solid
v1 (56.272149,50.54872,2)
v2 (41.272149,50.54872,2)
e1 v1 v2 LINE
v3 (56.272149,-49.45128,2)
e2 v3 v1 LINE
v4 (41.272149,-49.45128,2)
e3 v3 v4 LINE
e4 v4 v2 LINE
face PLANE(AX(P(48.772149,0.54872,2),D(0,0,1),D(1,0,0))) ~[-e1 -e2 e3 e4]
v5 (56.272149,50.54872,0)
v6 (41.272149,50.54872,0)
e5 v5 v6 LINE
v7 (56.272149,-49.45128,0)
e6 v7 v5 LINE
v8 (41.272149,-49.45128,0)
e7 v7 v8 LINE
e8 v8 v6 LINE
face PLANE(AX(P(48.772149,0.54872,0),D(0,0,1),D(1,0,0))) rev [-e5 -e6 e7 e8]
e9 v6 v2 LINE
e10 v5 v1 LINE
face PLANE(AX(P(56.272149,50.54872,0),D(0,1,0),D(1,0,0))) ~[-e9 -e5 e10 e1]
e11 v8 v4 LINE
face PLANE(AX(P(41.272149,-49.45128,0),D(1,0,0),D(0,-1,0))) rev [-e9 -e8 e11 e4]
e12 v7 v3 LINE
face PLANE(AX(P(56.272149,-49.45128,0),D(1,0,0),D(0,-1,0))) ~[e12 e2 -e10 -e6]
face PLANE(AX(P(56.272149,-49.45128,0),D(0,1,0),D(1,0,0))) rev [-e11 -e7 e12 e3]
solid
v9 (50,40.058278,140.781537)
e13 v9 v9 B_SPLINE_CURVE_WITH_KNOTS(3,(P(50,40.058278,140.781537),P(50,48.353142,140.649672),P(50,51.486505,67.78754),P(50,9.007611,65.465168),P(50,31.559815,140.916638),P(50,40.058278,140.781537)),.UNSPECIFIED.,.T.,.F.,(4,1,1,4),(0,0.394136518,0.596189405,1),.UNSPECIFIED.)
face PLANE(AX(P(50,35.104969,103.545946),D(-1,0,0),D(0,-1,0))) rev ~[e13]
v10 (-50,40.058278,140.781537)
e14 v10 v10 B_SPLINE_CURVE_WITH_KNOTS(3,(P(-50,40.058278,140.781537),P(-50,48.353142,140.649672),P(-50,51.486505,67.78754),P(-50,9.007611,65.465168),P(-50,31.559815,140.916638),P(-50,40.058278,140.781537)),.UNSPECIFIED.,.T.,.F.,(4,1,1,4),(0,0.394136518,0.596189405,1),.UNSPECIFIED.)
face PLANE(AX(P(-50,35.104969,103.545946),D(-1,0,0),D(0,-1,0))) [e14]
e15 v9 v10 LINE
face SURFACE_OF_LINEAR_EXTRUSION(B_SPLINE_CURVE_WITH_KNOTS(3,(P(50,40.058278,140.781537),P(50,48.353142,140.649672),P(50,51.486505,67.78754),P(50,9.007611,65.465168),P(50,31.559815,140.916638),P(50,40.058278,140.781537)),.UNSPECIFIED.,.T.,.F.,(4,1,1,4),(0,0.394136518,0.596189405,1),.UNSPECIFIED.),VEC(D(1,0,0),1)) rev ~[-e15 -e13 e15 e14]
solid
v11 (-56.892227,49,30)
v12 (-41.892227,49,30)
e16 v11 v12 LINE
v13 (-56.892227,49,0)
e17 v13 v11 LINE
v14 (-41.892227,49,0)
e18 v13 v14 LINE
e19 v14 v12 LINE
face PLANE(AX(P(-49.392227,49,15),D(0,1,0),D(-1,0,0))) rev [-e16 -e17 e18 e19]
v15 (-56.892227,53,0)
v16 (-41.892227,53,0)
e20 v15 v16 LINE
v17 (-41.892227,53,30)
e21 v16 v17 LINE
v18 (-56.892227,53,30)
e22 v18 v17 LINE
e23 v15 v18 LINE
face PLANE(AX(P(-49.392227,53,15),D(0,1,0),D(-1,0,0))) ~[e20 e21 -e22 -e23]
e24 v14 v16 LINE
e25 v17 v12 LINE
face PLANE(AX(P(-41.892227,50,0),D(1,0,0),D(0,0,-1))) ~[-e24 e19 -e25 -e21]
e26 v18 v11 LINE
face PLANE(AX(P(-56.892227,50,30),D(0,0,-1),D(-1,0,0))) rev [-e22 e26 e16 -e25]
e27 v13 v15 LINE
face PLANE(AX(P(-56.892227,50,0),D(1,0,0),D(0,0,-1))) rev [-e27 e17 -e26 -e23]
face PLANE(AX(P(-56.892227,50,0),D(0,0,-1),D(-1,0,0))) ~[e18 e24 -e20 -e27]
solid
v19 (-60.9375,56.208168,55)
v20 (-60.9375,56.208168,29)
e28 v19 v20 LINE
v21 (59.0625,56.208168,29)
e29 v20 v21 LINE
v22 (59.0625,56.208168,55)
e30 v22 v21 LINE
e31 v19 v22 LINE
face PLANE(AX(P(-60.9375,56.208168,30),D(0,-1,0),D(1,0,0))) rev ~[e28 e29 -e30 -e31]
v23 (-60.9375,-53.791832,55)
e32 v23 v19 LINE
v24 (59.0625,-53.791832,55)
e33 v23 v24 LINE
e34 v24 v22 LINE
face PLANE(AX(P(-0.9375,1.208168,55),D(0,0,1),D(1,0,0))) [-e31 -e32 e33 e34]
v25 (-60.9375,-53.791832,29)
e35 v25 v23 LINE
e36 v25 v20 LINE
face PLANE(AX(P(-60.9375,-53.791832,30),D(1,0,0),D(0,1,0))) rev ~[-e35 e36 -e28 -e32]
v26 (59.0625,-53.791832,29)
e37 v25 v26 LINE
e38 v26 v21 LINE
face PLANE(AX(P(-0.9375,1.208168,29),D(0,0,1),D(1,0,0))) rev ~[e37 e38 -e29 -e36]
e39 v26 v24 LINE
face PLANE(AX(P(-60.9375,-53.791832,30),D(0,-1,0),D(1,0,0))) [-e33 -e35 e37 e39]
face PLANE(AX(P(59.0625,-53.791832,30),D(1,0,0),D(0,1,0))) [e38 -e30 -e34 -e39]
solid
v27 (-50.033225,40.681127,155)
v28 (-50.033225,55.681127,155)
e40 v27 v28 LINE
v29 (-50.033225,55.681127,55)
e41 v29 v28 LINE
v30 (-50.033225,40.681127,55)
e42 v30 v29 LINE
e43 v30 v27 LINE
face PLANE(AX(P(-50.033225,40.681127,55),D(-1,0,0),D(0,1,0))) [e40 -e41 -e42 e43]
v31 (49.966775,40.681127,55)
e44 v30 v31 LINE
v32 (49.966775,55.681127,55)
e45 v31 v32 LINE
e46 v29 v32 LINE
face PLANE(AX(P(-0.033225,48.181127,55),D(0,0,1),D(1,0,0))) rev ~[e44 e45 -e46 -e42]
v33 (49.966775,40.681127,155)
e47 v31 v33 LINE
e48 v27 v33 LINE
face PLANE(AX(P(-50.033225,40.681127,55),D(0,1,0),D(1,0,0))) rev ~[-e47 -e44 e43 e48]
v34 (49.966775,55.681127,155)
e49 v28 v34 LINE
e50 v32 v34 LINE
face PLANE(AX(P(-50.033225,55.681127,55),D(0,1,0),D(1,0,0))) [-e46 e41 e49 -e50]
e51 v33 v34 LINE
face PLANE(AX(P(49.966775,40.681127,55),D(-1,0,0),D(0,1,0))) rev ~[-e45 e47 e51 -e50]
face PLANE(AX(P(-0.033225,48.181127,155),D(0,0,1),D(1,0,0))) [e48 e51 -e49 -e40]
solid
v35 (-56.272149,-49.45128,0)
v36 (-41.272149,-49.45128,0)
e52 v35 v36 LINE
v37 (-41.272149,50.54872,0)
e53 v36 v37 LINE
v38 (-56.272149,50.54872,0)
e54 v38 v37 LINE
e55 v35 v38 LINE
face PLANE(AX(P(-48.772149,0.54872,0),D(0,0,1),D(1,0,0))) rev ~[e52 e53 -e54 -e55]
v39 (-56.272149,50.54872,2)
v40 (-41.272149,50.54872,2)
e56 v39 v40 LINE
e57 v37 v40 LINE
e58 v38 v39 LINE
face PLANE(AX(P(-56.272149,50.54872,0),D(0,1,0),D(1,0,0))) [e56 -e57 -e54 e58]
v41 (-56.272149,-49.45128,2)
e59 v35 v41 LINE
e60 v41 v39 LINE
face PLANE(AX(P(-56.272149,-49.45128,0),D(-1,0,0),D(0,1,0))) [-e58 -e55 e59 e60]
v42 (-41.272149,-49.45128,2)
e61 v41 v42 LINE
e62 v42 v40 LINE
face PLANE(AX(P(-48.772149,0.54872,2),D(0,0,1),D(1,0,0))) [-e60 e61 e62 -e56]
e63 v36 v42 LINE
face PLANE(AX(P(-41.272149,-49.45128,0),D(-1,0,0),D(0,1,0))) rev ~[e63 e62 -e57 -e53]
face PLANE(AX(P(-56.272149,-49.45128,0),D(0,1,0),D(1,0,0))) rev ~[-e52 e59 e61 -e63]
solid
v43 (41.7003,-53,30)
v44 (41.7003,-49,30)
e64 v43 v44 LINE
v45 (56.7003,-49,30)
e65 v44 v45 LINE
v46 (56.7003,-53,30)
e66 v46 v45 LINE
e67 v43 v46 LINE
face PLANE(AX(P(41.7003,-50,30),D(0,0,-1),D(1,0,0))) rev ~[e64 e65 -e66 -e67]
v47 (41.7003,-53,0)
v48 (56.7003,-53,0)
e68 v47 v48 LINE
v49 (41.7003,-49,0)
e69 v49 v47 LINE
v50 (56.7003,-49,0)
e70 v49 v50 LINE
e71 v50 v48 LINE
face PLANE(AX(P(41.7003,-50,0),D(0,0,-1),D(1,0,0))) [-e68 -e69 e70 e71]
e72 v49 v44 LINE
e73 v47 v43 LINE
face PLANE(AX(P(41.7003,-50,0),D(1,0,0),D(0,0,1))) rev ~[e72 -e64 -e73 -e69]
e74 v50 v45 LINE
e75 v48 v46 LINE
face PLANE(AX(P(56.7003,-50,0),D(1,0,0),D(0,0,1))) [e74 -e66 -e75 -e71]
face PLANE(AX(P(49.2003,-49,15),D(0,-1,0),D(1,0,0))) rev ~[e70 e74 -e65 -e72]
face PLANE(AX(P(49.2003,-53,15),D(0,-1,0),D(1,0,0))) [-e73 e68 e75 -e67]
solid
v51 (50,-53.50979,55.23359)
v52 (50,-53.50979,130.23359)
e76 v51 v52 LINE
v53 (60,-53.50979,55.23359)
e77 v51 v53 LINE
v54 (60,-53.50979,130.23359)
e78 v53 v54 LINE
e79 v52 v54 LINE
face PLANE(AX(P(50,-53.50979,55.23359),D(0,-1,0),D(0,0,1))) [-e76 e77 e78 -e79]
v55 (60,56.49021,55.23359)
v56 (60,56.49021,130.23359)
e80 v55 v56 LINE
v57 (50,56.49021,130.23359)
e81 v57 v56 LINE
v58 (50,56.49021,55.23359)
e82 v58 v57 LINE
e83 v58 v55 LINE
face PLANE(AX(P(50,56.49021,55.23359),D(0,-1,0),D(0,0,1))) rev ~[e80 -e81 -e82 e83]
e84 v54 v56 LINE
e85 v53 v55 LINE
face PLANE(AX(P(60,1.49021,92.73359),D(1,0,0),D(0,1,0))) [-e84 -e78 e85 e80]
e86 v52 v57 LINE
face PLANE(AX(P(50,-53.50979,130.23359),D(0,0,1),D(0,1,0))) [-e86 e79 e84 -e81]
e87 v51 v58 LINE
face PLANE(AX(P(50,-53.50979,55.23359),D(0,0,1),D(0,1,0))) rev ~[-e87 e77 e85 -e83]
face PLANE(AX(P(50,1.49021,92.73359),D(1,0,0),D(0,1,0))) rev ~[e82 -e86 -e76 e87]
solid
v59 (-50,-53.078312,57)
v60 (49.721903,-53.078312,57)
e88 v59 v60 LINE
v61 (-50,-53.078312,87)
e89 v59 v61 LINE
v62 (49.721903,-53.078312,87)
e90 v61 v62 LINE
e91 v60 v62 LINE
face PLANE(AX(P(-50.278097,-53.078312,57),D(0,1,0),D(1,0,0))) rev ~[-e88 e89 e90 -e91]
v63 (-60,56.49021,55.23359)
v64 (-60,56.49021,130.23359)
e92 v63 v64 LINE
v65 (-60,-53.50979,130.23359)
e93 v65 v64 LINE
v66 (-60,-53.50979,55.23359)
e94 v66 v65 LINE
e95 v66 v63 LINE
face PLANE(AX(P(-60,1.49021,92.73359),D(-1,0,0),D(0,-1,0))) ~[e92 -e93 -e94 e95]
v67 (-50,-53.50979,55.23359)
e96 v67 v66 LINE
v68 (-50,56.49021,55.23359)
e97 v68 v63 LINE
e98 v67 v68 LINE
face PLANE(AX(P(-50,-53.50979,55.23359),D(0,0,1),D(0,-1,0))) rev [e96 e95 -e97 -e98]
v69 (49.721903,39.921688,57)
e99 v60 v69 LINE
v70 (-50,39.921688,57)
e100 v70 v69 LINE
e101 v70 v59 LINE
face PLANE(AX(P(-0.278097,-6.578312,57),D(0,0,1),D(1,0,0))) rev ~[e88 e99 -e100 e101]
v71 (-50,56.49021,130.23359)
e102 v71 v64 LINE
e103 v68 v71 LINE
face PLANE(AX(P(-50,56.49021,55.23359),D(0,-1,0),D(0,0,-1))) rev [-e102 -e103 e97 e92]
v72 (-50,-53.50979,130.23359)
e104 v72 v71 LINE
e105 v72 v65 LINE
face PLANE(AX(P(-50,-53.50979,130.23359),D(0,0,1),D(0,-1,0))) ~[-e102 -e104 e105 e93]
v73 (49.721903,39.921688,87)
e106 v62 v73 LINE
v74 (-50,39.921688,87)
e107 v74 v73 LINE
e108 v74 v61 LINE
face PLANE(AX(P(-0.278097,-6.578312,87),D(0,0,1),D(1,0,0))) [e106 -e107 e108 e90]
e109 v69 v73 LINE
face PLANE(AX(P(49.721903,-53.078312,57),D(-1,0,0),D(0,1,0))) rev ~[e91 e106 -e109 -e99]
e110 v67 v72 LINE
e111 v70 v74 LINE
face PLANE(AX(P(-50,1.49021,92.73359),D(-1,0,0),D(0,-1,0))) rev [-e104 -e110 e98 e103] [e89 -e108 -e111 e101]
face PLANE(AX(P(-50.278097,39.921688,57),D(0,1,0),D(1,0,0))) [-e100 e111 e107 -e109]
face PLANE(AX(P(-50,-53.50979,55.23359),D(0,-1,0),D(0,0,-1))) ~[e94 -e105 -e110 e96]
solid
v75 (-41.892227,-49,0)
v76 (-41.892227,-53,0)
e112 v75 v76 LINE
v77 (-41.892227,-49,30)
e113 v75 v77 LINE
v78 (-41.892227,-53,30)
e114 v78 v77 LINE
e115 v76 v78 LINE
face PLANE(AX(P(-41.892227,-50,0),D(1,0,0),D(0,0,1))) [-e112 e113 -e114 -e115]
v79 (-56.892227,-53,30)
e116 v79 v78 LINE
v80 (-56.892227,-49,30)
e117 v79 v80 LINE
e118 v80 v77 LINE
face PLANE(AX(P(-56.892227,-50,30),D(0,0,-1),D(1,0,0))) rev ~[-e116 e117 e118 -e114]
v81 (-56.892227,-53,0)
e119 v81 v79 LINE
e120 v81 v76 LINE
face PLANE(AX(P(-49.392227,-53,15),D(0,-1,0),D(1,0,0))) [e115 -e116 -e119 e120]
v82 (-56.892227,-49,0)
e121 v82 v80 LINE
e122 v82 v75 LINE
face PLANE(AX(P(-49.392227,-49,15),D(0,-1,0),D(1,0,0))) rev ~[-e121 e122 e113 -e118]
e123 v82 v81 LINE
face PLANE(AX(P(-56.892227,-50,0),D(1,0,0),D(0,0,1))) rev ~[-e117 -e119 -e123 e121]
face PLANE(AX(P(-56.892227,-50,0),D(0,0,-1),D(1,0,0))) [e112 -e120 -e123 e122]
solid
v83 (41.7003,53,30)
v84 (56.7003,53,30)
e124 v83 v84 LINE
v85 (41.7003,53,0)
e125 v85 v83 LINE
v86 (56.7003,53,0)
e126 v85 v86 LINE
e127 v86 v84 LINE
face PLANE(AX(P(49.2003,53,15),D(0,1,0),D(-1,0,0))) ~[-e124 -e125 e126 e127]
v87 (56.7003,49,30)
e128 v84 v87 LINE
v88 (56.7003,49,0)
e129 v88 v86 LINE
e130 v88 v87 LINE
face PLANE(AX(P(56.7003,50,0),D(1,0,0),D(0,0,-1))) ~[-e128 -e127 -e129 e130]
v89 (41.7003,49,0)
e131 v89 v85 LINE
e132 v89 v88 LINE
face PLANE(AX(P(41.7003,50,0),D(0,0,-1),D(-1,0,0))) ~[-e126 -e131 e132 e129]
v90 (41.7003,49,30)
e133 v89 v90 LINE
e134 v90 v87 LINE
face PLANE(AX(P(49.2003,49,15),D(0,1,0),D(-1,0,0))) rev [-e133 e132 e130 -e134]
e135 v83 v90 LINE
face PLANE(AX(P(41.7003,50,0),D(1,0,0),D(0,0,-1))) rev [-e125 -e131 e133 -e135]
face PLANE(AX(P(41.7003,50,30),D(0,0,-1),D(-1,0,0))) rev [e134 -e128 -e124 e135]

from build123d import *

# Parameters (mm, degrees)
F0_W          = 15
F0_H          = 100
F1_DEPTH      = 2
F4_W          = 15
F4_H          = 30
F5_DEPTH      = 3
F5_DEPTH_BACK = 1
F8_W          = 120
F8_H          = 110
F9_DEPTH      = 25
F9_DEPTH_BACK = 1
F11_W         = 110
F11_H         = 75
F12_DEPTH     = 10
F15_W         = 100
F15_H         = 15
F16_DEPTH     = 100
F18_W         = 100
F18_H         = 93
F19_DEPTH     = 30
F21_DEPTH     = 100


with BuildPart() as f1:
    # F0 (on Top) → F1 (new body)
    with BuildSketch(Plane.XY):
        with Locations((-48.772149086, 0.5487196147)):
            Rectangle(F0_W, F0_H)
    extrude(amount=F1_DEPTH)


with BuildPart() as f2_1:
    # F2: instance of F1
    add(f1.part.mirror(Plane.YZ))


with BuildPart() as f5:
    # F4 (on offset) → F5 (new body, two sides)
    with BuildSketch(Plane.XZ.offset(50)) as f5_sk:
        with Locations((-49.3922273815, 15)):
            Rectangle(F4_W, F4_H)
    extrude(amount=F5_DEPTH)
    extrude(f5_sk.sketch, amount=-F5_DEPTH_BACK)


with BuildPart() as f5b:
    # F4 (on offset) → F5, piece 2 (new body, two sides)
    with BuildSketch(Plane.XZ.offset(50)) as f5_2_sk:
        with Locations((49.2002998292, 15)):
            Rectangle(F4_W, F4_H)
    extrude(amount=F5_DEPTH)
    extrude(f5_2_sk.sketch, amount=-F5_DEPTH_BACK)


with BuildPart() as f6_1:
    # F6: instance of F5
    add(f5.part.mirror(Plane.XZ))


with BuildPart() as f6_2:
    # F6: instance of F5b
    add(f5b.part.mirror(Plane.XZ))


with BuildPart() as f9:
    # F8 (on offset) → F9 (new body, two sides)
    with BuildSketch(Plane.XY.offset(30)) as f9_sk:
        with Locations((-0.937500447, 1.2081678212)):
            Rectangle(F8_W, F8_H)
    extrude(amount=F9_DEPTH)
    extrude(f9_sk.sketch, amount=-F9_DEPTH_BACK)


with BuildPart() as f12:
    # F11 (on offset) → F12 (new body)
    with BuildSketch(Plane.YZ.offset(50)):
        with Locations((1.4902095497, 92.7335903049)):
            Rectangle(F11_W, F11_H)
    extrude(amount=F12_DEPTH)


with BuildPart() as f13_1:
    # F13: instance of F12
    add(f12.part.mirror(Plane.YZ))

    # F18 (on offset) → F19 (join)
    with BuildSketch(Plane.XY.offset(57)):
        with Locations((-0.2780973911, -6.5783124268)):
            Rectangle(F18_W, F18_H)
    extrude(amount=F19_DEPTH)


with BuildPart() as f16:
    # F15 (on offset) → F16 (new body)
    with BuildSketch(Plane.XY.offset(55)):
        with Locations((-0.0332251191, 48.1811274588)):
            Rectangle(F15_W, F15_H)
    extrude(amount=F16_DEPTH)


with BuildPart() as f21:
    # F20 (on offset) → F21 (new body)
    with BuildSketch(Plane.YZ.offset(50)):
        with BuildLine():
            add(Edge.make_bspline(
                [(40.0582775474, 140.7815366983), (48.3531423096, 140.6496717235), (51.4865046204, 67.7875403882), (9.0076107088, 65.4651675986), (31.5598154189, 140.9166382976), (40.0582775474, 140.7815366983)],
                knots=[0, 0, 0, 0, 0.3941365181, 0.5961894053, 1, 1, 1, 1], degree=3))
        make_face()
    extrude(amount=-F21_DEPTH)


solid = Compound([f1.part, f2_1.part, f5.part, f5b.part, f6_1.part, f6_2.part, f9.part, f12.part, f13_1.part, f16.part, f21.part])
